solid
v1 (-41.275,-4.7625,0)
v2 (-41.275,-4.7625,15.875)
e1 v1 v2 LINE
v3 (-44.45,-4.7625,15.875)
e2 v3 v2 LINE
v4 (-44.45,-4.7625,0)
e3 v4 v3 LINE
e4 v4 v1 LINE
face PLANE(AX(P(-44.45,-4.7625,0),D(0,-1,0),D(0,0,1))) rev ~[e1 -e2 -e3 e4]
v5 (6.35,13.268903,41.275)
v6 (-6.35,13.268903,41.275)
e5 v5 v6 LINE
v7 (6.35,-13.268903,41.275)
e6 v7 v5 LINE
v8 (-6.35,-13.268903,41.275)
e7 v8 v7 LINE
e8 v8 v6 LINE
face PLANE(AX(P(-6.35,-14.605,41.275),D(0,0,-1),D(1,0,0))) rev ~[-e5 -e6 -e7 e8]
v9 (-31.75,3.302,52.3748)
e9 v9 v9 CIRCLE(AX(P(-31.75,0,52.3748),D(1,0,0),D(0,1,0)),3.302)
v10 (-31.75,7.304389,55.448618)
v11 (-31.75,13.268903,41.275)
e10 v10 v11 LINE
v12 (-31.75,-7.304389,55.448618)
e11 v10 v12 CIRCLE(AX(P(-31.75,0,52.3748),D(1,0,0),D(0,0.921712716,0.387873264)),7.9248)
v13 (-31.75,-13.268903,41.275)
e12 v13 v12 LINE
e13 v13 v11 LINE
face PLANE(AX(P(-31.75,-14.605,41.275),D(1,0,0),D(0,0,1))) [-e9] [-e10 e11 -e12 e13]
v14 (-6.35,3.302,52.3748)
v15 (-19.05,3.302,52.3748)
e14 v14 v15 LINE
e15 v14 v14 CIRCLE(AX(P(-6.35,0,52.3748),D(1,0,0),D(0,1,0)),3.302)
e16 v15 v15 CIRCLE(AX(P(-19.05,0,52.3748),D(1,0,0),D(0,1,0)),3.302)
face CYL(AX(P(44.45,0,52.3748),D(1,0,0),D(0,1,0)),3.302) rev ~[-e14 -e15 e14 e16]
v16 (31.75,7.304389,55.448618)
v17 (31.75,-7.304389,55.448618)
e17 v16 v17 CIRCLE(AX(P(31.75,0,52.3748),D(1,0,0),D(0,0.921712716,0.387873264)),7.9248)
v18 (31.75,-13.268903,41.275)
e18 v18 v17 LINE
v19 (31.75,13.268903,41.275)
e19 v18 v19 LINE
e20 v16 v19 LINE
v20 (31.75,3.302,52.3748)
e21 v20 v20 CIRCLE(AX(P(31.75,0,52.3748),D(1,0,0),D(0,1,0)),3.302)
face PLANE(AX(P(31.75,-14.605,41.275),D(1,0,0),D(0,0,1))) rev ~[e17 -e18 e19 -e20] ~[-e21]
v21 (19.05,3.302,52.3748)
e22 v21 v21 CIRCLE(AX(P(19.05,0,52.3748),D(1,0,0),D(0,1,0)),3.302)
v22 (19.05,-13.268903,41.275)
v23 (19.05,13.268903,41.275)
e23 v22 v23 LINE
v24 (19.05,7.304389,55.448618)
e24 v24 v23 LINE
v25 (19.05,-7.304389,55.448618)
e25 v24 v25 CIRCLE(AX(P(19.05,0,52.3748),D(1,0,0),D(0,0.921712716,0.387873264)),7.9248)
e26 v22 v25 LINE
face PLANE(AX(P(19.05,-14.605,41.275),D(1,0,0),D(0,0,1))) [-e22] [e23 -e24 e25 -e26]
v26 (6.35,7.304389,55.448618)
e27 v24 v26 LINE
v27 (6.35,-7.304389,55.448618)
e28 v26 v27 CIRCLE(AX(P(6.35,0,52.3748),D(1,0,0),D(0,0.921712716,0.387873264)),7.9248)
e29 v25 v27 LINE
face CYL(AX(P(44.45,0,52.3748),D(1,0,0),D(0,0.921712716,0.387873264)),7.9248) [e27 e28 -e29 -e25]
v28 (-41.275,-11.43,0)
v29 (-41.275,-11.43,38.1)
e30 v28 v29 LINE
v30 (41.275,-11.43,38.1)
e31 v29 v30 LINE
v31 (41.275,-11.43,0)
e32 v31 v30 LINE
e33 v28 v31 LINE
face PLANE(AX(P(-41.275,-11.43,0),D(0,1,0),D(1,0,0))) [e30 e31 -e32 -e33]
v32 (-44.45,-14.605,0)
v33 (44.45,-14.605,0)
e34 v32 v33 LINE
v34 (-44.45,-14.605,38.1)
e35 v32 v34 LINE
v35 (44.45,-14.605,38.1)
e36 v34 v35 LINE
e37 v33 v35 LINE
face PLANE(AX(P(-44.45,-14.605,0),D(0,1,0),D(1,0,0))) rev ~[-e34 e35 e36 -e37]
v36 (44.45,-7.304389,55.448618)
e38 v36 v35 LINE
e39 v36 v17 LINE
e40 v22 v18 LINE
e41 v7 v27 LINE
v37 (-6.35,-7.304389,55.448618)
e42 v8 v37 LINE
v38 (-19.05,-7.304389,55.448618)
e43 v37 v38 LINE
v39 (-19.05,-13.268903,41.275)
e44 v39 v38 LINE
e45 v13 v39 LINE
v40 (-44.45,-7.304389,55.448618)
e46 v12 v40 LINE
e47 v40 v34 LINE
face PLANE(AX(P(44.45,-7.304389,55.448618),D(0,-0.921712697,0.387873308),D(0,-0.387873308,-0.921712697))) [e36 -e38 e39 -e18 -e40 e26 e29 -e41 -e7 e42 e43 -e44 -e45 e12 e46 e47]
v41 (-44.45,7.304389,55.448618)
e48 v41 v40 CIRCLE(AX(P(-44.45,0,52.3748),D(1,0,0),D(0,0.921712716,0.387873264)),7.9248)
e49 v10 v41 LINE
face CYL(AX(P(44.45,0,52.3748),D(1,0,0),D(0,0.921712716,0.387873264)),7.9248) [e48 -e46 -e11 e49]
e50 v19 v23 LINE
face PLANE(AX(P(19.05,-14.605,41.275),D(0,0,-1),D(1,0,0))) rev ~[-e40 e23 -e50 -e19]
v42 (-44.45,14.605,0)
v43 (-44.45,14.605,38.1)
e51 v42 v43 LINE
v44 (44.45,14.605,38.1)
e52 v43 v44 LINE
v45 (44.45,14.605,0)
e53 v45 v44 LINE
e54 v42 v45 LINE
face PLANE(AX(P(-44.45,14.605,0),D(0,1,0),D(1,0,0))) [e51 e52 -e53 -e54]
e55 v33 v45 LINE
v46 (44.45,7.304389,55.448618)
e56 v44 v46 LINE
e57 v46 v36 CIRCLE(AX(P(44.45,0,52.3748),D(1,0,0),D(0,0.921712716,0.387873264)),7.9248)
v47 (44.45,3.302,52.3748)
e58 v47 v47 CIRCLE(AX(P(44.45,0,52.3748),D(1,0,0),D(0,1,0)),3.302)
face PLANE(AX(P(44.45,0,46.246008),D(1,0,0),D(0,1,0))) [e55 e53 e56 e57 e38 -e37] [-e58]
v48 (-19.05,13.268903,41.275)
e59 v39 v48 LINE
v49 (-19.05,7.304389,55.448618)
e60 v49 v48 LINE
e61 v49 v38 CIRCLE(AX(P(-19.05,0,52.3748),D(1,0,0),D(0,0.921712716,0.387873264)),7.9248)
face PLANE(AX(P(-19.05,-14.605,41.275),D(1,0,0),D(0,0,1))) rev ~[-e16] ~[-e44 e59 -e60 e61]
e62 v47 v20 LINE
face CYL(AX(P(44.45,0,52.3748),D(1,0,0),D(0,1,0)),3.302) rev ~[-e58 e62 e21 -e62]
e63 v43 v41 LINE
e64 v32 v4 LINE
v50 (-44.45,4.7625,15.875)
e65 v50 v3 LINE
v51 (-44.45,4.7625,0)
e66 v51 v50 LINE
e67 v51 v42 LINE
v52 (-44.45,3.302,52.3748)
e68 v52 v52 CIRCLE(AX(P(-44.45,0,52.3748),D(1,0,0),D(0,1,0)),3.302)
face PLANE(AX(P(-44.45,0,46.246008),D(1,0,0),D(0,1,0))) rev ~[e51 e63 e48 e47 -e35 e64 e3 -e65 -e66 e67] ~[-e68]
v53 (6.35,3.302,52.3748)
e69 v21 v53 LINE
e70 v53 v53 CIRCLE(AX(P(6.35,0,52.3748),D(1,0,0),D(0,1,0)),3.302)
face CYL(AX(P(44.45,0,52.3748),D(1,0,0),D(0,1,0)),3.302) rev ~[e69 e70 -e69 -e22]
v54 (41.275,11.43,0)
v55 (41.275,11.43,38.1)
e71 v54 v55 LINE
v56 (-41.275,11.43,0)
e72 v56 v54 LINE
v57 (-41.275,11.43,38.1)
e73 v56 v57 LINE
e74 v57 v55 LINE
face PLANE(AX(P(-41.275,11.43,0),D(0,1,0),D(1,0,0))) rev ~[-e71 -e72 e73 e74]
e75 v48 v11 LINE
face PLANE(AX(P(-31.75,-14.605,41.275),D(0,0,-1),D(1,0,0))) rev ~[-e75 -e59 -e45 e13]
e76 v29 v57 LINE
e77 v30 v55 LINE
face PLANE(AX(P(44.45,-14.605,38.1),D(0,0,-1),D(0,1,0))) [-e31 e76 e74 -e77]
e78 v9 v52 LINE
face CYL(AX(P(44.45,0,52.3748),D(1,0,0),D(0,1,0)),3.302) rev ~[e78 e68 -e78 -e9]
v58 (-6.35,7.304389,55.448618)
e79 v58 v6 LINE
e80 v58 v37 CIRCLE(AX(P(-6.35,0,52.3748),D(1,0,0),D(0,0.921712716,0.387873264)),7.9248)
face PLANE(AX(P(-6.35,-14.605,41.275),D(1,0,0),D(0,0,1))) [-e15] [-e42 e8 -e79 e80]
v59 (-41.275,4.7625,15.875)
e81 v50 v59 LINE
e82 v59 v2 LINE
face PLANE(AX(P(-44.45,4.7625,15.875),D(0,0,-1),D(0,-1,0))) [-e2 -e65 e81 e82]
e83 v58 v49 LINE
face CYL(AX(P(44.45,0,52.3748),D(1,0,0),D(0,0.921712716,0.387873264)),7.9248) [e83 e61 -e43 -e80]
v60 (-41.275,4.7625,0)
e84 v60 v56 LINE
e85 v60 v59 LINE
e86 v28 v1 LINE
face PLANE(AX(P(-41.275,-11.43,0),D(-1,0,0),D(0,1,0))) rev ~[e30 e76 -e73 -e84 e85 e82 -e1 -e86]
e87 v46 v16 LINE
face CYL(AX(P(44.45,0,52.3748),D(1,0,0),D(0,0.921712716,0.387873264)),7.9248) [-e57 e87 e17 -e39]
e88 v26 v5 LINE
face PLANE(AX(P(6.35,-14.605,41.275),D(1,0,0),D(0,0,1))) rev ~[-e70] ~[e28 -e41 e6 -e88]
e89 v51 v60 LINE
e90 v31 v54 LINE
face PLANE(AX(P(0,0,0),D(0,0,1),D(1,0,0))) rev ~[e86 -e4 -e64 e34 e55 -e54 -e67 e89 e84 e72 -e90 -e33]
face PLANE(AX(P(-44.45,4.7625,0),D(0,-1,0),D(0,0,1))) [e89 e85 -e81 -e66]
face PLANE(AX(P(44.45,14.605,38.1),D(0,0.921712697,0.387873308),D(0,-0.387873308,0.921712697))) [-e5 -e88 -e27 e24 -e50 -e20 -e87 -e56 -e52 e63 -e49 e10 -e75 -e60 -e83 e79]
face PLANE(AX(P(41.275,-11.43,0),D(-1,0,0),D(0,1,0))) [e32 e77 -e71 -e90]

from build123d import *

# Parameters (mm, degrees)
F0_W     = 88.9
F0_H     = 29.21
F0_W_2   = 82.55
F0_H_2   = 22.86
F1_DEPTH = 38.1
F2_W     = 9.525
F2_H     = 15.875
F3_DEPTH = 25.4
F5_DEPTH = 88.9
F6_R     = 3.302
F7_DEPTH = 88.901
F8_W     = 12.7
F8_H     = 22.225
F9_DEPTH = 29.211


with BuildPart() as f1:
    # F0 (on Top) → F1 (new body)
    with BuildSketch(Plane.XY):
        Rectangle(F0_W, F0_H)
        Rectangle(F0_W_2, F0_H_2, mode=Mode.SUBTRACT)
    extrude(amount=F1_DEPTH)

    # F2 (on face) → F3 (cut)
    with BuildSketch(Plane(origin=(-44.45, 0, 0), x_dir=(0, -1, 0), z_dir=(-1, 0, 0))):
        with Locations((0, 7.9375)):
            Rectangle(F2_W, F2_H)
    extrude(amount=-F3_DEPTH, mode=Mode.SUBTRACT)

    # F4 (on face) → F5 (join, through all)
    with BuildSketch(Plane.YZ.offset(44.45)):
        with BuildLine():
            Line((14.605, 38.1), (7.304389, 55.448618))
            ThreePointArc((7.304389, 55.448618), (0, 60.2996), (-7.304389, 55.448618))
            Line((-7.304389, 55.448618), (-14.605, 38.1))
            Line((-14.605, 38.1), (14.605, 38.1))
        make_face()
    extrude(amount=-F5_DEPTH)

    # F6 (on face) → F7 (cut, through all)
    with BuildSketch(Plane.YZ.offset(44.45)):
        with Locations((0, 52.3748)):
            Circle(F6_R)
    extrude(amount=-F7_DEPTH, mode=Mode.SUBTRACT)

    # F8 (on face) → F9 (cut, through all)
    with BuildSketch(Plane.XZ.offset(14.605)):
        with Locations((-25.4, 52.3875)):
            Rectangle(F8_W, F8_H)
        with Locations((0, 52.3875)):
            Rectangle(F8_W, F8_H)
        with Locations((25.4, 52.3875)):
            Rectangle(F8_W, F8_H)
    extrude(amount=-F9_DEPTH, mode=Mode.SUBTRACT)


solid = f1.part
